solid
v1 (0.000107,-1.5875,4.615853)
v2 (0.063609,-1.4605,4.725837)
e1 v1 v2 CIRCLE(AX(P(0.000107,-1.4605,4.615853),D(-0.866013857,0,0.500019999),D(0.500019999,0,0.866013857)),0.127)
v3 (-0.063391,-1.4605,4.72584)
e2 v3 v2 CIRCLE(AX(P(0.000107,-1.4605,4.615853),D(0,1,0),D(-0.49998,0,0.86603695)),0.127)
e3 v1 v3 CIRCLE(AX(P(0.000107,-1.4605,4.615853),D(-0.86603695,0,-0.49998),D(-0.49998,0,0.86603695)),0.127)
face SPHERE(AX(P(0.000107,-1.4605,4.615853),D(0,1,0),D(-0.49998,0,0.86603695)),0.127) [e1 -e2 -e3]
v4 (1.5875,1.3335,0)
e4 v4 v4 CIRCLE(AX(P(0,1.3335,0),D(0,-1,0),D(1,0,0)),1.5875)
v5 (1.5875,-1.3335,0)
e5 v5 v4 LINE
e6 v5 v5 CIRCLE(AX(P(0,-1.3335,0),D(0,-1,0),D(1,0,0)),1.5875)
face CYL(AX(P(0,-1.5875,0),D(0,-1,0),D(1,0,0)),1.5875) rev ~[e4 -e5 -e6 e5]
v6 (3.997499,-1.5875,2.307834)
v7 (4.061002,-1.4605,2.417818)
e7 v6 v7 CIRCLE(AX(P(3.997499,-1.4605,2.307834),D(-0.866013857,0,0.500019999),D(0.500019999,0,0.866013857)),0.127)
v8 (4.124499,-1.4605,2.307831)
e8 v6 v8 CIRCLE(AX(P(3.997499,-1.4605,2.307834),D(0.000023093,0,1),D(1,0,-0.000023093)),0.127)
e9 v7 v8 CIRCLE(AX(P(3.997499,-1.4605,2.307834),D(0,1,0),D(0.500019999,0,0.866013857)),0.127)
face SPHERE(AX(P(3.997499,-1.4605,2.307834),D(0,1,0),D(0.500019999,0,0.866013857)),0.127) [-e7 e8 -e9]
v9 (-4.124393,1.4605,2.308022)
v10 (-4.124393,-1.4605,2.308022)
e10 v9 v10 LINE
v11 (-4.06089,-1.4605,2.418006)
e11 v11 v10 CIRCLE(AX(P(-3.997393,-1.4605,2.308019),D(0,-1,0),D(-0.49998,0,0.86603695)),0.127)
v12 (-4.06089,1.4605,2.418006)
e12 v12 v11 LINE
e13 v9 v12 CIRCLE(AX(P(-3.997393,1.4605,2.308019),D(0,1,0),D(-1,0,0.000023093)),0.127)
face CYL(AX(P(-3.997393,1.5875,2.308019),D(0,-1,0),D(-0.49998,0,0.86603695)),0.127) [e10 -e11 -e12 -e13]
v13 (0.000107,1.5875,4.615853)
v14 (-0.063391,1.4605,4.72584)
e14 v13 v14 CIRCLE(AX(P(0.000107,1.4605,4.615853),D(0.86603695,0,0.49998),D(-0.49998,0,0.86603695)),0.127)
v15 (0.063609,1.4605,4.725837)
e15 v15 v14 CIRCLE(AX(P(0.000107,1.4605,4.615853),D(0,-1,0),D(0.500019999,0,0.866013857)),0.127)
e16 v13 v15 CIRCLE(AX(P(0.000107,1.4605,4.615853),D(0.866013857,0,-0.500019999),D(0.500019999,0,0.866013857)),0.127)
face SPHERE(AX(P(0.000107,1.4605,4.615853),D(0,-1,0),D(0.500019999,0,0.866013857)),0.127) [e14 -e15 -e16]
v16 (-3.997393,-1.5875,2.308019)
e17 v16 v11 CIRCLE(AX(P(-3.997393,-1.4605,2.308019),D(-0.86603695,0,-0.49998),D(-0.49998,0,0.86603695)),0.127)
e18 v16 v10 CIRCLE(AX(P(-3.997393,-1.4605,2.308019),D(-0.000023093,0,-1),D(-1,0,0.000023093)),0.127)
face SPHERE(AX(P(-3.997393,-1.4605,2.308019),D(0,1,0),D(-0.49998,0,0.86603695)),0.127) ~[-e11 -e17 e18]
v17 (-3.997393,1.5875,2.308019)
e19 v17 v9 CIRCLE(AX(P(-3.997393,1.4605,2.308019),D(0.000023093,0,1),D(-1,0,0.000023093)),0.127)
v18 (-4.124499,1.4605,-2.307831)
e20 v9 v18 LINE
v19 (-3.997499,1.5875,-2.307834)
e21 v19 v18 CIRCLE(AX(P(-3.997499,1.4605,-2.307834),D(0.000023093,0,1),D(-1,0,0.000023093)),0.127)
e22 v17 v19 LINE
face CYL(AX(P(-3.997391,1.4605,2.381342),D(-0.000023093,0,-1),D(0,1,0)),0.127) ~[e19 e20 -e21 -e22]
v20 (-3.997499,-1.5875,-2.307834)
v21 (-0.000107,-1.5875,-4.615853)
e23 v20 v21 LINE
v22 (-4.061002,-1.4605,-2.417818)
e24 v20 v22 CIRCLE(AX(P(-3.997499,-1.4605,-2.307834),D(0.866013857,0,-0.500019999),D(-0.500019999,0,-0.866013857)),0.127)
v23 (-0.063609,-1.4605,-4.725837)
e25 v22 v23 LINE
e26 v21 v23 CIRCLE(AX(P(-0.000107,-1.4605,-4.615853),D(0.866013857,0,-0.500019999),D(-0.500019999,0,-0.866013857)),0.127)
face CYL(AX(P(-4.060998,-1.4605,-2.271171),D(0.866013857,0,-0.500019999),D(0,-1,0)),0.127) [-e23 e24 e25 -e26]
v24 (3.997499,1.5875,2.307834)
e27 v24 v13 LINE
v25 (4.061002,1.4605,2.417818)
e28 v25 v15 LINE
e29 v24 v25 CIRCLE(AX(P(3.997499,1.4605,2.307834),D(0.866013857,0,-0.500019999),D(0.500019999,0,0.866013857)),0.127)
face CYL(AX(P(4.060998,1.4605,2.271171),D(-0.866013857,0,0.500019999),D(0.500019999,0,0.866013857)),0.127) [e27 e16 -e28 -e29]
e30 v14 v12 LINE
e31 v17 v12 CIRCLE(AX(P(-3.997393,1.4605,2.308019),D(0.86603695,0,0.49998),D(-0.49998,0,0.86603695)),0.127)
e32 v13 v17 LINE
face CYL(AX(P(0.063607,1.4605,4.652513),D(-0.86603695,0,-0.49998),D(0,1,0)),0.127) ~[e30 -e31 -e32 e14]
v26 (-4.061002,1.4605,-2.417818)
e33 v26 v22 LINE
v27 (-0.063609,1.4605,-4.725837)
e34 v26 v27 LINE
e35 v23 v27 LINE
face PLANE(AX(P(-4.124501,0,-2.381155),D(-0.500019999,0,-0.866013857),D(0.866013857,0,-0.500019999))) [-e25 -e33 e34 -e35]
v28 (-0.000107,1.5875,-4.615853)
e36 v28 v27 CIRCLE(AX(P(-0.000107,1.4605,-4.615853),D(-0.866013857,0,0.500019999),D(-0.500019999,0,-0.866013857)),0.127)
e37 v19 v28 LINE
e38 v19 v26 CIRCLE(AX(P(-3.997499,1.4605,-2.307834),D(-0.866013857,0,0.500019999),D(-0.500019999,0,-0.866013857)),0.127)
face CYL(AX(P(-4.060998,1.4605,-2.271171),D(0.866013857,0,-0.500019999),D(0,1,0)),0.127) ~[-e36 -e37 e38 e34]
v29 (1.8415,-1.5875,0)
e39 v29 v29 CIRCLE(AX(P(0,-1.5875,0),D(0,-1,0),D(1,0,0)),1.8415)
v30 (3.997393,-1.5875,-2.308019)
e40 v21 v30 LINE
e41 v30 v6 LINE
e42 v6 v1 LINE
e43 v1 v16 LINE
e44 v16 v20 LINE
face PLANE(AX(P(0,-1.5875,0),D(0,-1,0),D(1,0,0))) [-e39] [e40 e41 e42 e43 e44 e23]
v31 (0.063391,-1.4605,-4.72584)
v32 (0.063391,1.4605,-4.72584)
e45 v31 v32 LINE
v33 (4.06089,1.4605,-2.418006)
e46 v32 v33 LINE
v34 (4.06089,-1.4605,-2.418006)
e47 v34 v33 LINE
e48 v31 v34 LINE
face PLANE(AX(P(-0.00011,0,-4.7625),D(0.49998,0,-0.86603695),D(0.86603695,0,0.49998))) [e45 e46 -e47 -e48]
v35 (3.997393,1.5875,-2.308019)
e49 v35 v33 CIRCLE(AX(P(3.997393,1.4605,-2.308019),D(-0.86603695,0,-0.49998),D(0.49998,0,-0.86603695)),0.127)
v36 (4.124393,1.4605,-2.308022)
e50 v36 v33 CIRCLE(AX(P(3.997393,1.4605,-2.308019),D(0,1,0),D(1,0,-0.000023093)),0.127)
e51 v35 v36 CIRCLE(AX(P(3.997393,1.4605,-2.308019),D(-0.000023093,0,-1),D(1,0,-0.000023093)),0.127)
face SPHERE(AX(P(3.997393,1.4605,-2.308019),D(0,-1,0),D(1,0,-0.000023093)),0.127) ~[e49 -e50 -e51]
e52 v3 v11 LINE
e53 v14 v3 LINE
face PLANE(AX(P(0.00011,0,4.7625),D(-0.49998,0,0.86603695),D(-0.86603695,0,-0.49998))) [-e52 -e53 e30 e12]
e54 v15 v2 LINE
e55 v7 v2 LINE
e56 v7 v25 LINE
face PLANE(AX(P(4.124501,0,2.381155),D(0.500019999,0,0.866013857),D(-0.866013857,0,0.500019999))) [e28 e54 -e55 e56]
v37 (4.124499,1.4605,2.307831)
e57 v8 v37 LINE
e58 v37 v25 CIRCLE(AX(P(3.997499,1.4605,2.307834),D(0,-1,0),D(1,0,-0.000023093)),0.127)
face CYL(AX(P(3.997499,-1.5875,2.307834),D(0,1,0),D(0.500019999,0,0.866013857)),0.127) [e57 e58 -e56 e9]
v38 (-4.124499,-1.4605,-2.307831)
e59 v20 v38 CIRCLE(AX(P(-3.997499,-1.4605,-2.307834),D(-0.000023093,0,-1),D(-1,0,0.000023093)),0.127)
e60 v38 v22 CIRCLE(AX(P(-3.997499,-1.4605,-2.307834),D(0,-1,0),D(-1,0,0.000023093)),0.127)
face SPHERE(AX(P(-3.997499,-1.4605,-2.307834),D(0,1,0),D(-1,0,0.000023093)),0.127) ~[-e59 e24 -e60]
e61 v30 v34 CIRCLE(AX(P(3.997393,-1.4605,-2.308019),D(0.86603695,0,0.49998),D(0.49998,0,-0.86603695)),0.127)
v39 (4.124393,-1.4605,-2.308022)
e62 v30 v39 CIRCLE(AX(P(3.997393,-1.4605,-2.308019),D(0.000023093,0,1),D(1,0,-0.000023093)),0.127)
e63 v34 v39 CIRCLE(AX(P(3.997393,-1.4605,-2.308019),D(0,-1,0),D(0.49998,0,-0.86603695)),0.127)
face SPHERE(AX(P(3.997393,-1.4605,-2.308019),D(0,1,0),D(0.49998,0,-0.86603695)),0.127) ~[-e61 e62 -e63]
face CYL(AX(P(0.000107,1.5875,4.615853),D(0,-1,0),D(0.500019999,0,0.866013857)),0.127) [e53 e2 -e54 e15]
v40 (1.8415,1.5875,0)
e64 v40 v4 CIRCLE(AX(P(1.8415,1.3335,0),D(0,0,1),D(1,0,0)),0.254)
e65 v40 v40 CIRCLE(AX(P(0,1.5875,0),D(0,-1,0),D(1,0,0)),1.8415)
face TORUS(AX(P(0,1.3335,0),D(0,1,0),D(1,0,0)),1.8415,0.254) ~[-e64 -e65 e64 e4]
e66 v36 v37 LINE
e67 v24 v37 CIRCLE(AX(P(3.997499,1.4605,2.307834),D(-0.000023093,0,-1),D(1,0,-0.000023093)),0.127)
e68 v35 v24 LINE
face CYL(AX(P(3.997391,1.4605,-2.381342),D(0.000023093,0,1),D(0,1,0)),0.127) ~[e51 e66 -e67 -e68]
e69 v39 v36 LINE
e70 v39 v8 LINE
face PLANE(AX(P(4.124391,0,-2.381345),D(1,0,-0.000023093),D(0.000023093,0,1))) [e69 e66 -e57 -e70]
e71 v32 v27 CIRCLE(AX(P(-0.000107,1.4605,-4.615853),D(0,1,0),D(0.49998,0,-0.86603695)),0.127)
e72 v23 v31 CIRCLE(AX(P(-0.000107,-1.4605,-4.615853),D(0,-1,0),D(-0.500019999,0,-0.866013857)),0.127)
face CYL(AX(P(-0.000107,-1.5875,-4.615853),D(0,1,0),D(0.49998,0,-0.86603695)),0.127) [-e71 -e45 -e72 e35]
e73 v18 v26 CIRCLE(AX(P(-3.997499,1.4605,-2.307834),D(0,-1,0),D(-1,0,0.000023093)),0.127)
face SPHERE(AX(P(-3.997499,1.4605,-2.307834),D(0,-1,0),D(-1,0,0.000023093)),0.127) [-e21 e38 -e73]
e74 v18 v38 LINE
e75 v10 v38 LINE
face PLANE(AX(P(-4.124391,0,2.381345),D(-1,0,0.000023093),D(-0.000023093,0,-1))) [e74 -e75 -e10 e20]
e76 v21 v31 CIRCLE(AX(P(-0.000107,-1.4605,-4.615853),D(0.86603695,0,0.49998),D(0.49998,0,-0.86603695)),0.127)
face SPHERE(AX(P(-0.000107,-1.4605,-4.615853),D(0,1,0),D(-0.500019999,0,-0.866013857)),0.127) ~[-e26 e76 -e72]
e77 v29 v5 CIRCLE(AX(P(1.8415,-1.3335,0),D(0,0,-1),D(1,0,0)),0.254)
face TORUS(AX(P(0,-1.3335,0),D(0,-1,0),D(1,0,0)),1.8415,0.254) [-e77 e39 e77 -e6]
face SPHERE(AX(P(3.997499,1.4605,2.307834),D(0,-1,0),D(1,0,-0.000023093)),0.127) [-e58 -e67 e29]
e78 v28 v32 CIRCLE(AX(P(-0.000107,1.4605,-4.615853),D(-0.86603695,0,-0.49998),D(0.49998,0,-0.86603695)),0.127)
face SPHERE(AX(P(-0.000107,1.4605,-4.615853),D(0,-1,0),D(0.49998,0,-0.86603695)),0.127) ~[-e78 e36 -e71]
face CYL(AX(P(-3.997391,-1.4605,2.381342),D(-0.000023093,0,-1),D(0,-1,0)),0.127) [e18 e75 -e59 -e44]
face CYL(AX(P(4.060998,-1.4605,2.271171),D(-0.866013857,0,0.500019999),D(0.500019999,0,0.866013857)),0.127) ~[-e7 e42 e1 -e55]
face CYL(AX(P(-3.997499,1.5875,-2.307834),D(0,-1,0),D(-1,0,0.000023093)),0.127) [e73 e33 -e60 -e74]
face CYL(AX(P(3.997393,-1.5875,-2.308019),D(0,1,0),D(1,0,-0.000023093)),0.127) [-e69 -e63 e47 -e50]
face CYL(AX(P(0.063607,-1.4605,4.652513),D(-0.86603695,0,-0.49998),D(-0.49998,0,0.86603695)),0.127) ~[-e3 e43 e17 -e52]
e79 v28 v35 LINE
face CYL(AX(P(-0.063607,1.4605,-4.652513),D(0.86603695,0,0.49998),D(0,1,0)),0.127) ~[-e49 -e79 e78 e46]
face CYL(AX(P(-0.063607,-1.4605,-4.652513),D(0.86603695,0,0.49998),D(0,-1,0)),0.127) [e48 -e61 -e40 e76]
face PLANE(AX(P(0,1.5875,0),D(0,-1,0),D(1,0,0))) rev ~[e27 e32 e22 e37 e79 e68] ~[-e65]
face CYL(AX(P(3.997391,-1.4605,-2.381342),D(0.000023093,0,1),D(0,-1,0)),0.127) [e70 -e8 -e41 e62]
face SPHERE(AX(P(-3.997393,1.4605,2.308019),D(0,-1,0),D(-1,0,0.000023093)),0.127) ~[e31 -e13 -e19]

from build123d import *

# Parameters (mm, degrees)
F1_DEPTH = 1.5875
F2_R     = 1.5875
F3_DEPTH = 3.176
F4_R     = 0.127
F5_R     = 0.254


with BuildPart() as f1:
    # F0 (on Front) → F1 (new body, symmetric)
    with BuildSketch(Plane.XZ):
        Polygon((4.1245009758, 2.3811547516), (0.0001099827, 4.7624999987), (-4.1243909931, 2.3813452472), (-4.1245009758, -2.3811547516), (-0.0001099827, -4.7624999987), (4.1243909931, -2.3813452472), align=None)
    extrude(amount=F1_DEPTH, both=True)

    # F2 (on face) → F3 (cut, through all)
    with BuildSketch(Plane.XZ.offset(1.5875)):
        Circle(F2_R)
    extrude(amount=-F3_DEPTH, mode=Mode.SUBTRACT)

    # F4
    f4_edges = [f1.edges().sort_by_distance(p)[0] for p in [
        (-2.062141, -1.5875, 3.571923),
        (-4.124446, -1.5875, 9.5e-05),
        (2.062305, -1.5875, 3.571827),
        (-2.062305, -1.5875, -3.571827),
        (2.062141, -1.5875, -3.571923),
        (4.124446, -1.5875, -9.5e-05),
        (4.124501, 0, 2.381155),
        (0.00011, 0, 4.7625),
        (4.124446, 1.5875, -9.5e-05),
        (2.062305, 1.5875, 3.571827),
        (-4.124446, 1.5875, 9.5e-05),
        (-2.062141, 1.5875, 3.571923),
        (2.062141, 1.5875, -3.571923),
        (4.124391, 0, -2.381345),
        (-2.062305, 1.5875, -3.571827),
        (-0.00011, 0, -4.7625),
        (-4.124501, 0, -2.381155),
        (-4.124391, 0, 2.381345),
    ]]
    fillet(f4_edges, radius=F4_R)

    # F5
    f5_edges = [f1.edges().sort_by_distance(p)[0] for p in [
        (-1.998643, -1.5875, 3.461936),
        (1.998803, -1.5875, 3.461844),
        (-3.997446, -1.5875, 9.2e-05),
        (3.997446, -1.5875, -9.2e-05),
        (-1.998803, -1.5875, -3.461844),
        (1.998643, -1.5875, -3.461936),
        (-1.5875, -1.5875, 0),
        (1.5875, 0, 0),
        (-1.5875, 1.5875, 0),
    ]]
    fillet(f5_edges, radius=F5_R)


solid = f1.part
